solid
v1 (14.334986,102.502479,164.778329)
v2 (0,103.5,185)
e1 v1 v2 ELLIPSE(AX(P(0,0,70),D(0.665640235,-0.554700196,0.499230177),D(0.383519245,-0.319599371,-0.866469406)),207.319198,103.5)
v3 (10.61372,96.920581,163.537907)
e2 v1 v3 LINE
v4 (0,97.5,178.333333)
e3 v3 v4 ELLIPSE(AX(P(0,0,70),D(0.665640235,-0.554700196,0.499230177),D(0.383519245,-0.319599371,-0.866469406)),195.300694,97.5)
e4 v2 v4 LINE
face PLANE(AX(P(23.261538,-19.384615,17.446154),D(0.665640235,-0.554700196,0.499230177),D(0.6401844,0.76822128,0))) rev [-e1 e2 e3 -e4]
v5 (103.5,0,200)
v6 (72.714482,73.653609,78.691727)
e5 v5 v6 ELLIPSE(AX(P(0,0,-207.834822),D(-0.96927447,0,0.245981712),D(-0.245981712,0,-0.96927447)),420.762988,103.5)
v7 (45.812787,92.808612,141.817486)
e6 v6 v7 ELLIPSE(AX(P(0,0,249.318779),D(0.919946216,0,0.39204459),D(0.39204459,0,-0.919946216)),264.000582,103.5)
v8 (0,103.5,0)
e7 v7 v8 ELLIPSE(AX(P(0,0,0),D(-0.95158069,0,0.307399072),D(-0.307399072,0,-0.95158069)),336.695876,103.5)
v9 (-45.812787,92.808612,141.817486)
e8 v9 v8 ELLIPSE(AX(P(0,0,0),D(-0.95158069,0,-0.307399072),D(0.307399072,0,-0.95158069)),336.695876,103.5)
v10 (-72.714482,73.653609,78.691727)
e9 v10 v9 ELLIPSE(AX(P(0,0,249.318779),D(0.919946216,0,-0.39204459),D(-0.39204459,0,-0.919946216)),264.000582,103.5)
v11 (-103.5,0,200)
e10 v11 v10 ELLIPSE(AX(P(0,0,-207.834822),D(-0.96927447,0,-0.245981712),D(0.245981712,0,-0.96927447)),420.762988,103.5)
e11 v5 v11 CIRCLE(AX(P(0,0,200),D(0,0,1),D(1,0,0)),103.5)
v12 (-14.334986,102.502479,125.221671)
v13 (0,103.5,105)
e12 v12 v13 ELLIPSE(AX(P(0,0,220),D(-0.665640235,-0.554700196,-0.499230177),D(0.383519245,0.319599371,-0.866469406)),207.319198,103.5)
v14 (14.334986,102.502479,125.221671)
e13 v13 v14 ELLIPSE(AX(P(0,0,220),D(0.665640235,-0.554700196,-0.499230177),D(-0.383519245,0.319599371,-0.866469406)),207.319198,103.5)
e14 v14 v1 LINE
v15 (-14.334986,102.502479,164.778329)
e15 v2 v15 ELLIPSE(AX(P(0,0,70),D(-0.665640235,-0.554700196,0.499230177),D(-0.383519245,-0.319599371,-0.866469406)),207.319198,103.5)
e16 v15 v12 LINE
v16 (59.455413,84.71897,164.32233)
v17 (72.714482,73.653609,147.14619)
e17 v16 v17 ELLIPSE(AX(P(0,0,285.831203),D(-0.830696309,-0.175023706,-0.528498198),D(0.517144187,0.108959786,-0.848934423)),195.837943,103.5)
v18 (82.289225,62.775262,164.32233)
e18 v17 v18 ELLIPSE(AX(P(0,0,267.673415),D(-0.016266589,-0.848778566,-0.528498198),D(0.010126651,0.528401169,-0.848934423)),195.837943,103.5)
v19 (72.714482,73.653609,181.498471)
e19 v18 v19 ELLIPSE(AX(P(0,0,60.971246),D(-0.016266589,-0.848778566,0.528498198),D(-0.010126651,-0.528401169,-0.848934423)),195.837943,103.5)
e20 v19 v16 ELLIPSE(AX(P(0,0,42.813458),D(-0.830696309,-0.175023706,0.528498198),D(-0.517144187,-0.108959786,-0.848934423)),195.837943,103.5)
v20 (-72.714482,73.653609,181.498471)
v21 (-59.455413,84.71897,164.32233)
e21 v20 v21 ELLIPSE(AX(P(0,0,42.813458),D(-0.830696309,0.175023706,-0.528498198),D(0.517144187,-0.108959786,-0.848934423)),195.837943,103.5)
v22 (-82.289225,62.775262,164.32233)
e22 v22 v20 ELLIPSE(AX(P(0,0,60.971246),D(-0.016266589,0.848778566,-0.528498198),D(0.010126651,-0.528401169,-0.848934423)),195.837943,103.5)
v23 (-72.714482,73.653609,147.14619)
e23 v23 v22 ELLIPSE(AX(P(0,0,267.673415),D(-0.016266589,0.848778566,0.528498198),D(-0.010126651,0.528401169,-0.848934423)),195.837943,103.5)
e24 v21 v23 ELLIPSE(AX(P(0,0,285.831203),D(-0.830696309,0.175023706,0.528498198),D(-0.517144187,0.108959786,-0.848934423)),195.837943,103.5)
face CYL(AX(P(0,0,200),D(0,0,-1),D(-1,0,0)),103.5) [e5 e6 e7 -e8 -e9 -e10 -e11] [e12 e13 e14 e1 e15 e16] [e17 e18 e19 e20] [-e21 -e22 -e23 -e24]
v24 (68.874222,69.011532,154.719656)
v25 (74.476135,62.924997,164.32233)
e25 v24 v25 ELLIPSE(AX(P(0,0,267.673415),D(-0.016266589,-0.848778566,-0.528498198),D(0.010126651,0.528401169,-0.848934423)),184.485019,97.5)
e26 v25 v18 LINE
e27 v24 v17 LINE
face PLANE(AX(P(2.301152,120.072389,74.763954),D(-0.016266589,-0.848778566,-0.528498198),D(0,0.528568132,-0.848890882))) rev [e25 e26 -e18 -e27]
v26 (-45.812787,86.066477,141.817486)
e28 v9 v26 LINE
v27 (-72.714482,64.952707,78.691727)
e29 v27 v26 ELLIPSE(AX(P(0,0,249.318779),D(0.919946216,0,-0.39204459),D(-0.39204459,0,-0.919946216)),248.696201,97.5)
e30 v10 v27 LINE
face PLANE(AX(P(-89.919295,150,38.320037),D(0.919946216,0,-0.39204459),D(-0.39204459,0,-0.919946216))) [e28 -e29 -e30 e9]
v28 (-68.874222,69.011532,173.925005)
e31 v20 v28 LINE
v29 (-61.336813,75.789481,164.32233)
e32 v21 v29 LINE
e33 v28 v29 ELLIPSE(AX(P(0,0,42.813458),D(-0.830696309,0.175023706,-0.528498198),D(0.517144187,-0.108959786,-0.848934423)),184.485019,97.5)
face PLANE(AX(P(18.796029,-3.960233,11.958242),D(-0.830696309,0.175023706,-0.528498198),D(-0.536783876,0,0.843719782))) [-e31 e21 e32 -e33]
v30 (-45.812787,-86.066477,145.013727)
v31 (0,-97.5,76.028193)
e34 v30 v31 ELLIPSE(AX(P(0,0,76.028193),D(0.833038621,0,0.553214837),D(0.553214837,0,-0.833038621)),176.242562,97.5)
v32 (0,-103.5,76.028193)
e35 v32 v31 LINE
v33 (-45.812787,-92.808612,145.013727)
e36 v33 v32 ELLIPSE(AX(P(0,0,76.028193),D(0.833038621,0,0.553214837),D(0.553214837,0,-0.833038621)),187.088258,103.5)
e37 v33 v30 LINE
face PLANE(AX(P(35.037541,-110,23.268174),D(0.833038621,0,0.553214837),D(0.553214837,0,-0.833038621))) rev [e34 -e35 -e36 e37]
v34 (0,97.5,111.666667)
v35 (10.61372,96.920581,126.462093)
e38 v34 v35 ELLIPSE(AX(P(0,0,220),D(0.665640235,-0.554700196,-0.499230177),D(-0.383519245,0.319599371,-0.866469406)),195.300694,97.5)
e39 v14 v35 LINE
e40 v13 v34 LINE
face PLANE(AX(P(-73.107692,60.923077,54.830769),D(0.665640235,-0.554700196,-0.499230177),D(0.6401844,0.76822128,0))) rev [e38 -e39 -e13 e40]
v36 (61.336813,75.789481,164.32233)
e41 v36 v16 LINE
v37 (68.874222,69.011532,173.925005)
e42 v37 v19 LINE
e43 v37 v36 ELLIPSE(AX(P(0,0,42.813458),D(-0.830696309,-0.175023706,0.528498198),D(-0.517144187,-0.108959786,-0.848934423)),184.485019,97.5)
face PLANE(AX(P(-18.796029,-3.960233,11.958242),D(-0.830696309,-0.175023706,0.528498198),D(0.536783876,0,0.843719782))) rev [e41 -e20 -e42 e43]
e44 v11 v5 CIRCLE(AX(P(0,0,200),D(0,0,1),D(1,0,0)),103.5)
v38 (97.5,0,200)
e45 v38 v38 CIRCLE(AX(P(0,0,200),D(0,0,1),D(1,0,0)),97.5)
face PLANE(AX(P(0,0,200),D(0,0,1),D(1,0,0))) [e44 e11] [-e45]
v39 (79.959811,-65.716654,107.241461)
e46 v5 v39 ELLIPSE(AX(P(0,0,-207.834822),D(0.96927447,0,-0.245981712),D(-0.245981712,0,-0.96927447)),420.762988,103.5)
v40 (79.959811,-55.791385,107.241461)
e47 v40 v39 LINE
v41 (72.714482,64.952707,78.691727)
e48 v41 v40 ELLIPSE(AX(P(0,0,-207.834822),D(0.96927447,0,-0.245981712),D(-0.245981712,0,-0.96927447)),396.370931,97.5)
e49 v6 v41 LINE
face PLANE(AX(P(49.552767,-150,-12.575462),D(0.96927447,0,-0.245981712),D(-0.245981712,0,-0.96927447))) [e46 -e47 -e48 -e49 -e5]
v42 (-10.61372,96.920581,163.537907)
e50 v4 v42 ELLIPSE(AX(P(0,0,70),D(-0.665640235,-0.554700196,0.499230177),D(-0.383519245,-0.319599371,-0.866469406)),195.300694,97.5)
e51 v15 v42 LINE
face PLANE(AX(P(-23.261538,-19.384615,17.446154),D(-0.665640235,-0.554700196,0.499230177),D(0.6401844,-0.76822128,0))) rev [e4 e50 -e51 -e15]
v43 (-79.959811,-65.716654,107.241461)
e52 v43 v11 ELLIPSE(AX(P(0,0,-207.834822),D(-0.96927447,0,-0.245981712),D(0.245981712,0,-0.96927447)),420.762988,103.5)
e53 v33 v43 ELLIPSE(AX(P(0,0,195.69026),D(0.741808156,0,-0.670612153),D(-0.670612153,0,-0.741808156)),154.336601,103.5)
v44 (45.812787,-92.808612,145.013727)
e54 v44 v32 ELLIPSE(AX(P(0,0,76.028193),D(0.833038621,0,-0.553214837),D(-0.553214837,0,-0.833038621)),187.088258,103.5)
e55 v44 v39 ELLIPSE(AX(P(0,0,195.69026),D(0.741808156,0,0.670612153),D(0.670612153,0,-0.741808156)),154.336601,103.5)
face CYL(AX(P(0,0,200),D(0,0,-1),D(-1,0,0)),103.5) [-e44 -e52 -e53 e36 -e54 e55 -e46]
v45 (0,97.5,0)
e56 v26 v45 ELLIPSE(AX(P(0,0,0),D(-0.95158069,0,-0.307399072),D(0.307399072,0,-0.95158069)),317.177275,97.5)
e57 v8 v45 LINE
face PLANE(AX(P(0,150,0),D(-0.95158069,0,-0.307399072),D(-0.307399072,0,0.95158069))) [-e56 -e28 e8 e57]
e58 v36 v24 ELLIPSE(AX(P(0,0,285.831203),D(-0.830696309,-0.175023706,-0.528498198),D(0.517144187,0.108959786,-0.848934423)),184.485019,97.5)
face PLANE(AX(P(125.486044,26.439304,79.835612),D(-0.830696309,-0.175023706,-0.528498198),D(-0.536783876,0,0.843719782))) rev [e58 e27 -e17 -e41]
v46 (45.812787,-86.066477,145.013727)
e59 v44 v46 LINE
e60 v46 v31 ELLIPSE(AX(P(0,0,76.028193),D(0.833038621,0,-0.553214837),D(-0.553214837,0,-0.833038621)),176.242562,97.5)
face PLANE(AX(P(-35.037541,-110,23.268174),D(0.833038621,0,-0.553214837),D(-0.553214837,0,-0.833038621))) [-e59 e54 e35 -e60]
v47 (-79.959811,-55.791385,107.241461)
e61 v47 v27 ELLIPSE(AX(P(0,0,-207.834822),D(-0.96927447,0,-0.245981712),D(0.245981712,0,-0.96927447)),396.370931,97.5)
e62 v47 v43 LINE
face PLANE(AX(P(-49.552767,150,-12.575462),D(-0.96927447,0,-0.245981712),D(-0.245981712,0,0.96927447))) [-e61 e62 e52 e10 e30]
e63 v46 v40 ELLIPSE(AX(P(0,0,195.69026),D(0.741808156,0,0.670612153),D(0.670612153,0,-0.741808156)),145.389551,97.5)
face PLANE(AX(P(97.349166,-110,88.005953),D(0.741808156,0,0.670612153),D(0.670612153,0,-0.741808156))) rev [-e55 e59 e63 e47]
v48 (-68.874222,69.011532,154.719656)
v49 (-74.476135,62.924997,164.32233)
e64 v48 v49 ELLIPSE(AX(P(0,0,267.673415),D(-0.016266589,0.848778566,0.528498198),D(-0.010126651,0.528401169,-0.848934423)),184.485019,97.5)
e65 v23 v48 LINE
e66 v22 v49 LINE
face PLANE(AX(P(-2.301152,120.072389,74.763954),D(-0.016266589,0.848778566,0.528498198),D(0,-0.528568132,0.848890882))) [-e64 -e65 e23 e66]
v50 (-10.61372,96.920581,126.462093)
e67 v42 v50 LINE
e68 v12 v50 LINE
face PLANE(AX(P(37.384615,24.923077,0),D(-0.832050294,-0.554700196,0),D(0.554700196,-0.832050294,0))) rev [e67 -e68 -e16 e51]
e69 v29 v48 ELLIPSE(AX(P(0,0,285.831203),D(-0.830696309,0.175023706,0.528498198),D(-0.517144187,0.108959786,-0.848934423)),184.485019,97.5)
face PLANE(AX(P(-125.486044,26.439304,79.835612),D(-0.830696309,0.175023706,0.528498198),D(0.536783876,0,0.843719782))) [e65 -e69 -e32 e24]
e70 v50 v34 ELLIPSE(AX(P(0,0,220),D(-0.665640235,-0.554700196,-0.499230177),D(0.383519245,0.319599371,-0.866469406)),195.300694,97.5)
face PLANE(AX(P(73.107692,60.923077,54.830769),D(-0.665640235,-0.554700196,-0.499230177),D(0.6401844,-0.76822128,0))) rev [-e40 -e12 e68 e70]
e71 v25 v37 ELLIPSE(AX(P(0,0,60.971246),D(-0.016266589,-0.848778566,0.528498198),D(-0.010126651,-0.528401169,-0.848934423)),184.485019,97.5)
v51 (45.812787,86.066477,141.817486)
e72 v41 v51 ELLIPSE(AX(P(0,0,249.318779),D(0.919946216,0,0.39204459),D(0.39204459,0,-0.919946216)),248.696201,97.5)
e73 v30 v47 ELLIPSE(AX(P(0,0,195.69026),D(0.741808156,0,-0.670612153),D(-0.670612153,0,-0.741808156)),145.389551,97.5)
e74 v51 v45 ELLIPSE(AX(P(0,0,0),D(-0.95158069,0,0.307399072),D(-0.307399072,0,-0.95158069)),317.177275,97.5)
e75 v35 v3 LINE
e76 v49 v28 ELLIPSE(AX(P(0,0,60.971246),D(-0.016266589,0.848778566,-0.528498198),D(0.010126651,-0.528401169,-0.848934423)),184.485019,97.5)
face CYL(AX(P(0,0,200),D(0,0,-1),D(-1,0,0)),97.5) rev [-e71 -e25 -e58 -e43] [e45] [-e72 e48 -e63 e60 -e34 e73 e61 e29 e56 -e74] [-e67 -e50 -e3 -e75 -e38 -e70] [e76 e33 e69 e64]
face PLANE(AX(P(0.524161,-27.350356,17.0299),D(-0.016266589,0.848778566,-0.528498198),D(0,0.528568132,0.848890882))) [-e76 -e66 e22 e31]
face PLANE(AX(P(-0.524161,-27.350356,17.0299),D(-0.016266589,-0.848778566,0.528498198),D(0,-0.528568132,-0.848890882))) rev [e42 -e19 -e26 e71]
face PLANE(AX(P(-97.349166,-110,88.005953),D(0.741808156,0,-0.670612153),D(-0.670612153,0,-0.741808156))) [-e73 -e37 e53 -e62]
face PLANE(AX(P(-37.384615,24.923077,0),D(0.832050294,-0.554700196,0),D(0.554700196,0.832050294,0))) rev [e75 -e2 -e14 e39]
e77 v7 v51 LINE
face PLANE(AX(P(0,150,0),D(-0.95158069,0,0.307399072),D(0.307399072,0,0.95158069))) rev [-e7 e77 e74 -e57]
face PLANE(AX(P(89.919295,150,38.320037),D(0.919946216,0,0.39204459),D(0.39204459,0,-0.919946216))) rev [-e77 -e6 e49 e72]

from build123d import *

# Parameters (mm, degrees)
CROQUIS1_R               = 103.5
CROQUIS1_R_2             = 97.5
BASE_DEPTH               = 200
DISE_O_DEPTH             = 150
DISE_O_DEPTH_BACK        = 150
PATR_NTRASERO_DEPTH      = 20
PATR_NTRASERO_DEPTH_BACK = 90


with BuildPart() as part:
    # Croquis1 → Base (new body)
    with BuildSketch(Plane.XY):
        Circle(CROQUIS1_R)
        Circle(CROQUIS1_R_2, mode=Mode.SUBTRACT)
    extrude(amount=BASE_DEPTH)

    # Croquis2 → Diseño (cut, two sides)
    with BuildSketch(Plane(origin=(0, 0, 0), x_dir=(1, 0, 0), z_dir=(0, 1, 0))) as dise_o_sk:
        Polygon((-103.5, 0), (-103.5, -200), (-72.714481971, -78.691726895), (-45.812787176, -141.817485969), (0, 0), align=None)
        Polygon((72.714481971, -78.691726895), (103.5, -200), (103.5, 0), (0, 0), (45.812787176, -141.817485969), align=None)
    extrude(amount=DISE_O_DEPTH, mode=Mode.SUBTRACT)
    extrude(dise_o_sk.sketch, amount=-DISE_O_DEPTH_BACK, mode=Mode.SUBTRACT)

    # Croquis12 → PatrónTrasero (cut, two sides)
    with BuildSketch(Plane(origin=(0, -90, 0), x_dir=(-1, 0, 0), z_dir=(0, -1, 0))) as patr_ntrasero_sk:
        Polygon((-103.5, 1.909548239), (-103.5, -200), (-79.959810945, -107.241460736), (-45.812787176, -145.013726935), (0, -76.028192757), (45.812787176, -145.013726935), (79.959810945, -107.241460736), (103.5, -200), (103.5, 1.909548239), align=None)
    extrude(amount=PATR_NTRASERO_DEPTH, mode=Mode.SUBTRACT)
    extrude(patr_ntrasero_sk.sketch, amount=-PATR_NTRASERO_DEPTH_BACK, mode=Mode.SUBTRACT)

    # Croquis14 → RanuraPrimalJewel section 0
    with BuildSketch(Plane(origin=(0, 103.5, 0), x_dir=(1, 0, 0), z_dir=(0, 1, 0))):
        Polygon((15, -165), (15, -125), (0, -105), (-15, -125), (-15, -165), (0, -185), align=None)
    # Croquis17 → RanuraPrimalJewel section 1
    with BuildSketch(Plane(origin=(0, 94.5, 0), x_dir=(1, 0, 0), z_dir=(0, 1, 0))):
        Polygon((-9, -127), (0, -115), (9, -127), (9, -163), (0, -175), (-9, -163), align=None)
    loft(mode=Mode.SUBTRACT)

    # Croquis20 → Cortar-Recubrir1 section 0
    with BuildSketch(Plane(origin=(-65.973382939, 79.748120627, 0), x_dir=(0, 0, 1), z_dir=(-0.63742399, 0.770513243, 0))):
        Polygon((146.644660941, -9.078894023), (164.32233047, -26.756563553), (182, -9.078894023), (164.32233047, 8.598775507), align=None)
    # Croquis22 → Cortar-Recubrir1 section 1
    with BuildSketch(Plane(origin=(-60.236567031, 72.813501442, 0), x_dir=(0, 0, 1), z_dir=(-0.63742399, 0.770513243, 0))):
        Polygon((157.95836944, -9.078894023), (164.32233047, -15.442855054), (170.686291501, -9.078894023), (164.32233047, -2.714932992), align=None)
    loft(mode=Mode.SUBTRACT)

    # Croquis30 → Cortar-Recubrir2 section 0
    with BuildSketch(Plane(origin=(60.236567031, 72.813501442, 0), x_dir=(0, 0, 1), z_dir=(0.63742399, 0.770513243, 0))):
        Polygon((157.95836944, 9.078894023), (164.32233047, 2.714932992), (170.686291501, 9.078894023), (164.32233047, 15.442855054), align=None)
    # Croquis29 → Cortar-Recubrir2 section 1
    with BuildSketch(Plane(origin=(65.973382939, 79.748120627, 0), x_dir=(0, 0, 1), z_dir=(0.63742399, 0.770513243, 0))):
        Polygon((182, 9.078894023), (164.32233047, 26.756563553), (146.644660941, 9.078894023), (164.32233047, -8.598775507), align=None)
    loft(mode=Mode.SUBTRACT)


solid = part.part
